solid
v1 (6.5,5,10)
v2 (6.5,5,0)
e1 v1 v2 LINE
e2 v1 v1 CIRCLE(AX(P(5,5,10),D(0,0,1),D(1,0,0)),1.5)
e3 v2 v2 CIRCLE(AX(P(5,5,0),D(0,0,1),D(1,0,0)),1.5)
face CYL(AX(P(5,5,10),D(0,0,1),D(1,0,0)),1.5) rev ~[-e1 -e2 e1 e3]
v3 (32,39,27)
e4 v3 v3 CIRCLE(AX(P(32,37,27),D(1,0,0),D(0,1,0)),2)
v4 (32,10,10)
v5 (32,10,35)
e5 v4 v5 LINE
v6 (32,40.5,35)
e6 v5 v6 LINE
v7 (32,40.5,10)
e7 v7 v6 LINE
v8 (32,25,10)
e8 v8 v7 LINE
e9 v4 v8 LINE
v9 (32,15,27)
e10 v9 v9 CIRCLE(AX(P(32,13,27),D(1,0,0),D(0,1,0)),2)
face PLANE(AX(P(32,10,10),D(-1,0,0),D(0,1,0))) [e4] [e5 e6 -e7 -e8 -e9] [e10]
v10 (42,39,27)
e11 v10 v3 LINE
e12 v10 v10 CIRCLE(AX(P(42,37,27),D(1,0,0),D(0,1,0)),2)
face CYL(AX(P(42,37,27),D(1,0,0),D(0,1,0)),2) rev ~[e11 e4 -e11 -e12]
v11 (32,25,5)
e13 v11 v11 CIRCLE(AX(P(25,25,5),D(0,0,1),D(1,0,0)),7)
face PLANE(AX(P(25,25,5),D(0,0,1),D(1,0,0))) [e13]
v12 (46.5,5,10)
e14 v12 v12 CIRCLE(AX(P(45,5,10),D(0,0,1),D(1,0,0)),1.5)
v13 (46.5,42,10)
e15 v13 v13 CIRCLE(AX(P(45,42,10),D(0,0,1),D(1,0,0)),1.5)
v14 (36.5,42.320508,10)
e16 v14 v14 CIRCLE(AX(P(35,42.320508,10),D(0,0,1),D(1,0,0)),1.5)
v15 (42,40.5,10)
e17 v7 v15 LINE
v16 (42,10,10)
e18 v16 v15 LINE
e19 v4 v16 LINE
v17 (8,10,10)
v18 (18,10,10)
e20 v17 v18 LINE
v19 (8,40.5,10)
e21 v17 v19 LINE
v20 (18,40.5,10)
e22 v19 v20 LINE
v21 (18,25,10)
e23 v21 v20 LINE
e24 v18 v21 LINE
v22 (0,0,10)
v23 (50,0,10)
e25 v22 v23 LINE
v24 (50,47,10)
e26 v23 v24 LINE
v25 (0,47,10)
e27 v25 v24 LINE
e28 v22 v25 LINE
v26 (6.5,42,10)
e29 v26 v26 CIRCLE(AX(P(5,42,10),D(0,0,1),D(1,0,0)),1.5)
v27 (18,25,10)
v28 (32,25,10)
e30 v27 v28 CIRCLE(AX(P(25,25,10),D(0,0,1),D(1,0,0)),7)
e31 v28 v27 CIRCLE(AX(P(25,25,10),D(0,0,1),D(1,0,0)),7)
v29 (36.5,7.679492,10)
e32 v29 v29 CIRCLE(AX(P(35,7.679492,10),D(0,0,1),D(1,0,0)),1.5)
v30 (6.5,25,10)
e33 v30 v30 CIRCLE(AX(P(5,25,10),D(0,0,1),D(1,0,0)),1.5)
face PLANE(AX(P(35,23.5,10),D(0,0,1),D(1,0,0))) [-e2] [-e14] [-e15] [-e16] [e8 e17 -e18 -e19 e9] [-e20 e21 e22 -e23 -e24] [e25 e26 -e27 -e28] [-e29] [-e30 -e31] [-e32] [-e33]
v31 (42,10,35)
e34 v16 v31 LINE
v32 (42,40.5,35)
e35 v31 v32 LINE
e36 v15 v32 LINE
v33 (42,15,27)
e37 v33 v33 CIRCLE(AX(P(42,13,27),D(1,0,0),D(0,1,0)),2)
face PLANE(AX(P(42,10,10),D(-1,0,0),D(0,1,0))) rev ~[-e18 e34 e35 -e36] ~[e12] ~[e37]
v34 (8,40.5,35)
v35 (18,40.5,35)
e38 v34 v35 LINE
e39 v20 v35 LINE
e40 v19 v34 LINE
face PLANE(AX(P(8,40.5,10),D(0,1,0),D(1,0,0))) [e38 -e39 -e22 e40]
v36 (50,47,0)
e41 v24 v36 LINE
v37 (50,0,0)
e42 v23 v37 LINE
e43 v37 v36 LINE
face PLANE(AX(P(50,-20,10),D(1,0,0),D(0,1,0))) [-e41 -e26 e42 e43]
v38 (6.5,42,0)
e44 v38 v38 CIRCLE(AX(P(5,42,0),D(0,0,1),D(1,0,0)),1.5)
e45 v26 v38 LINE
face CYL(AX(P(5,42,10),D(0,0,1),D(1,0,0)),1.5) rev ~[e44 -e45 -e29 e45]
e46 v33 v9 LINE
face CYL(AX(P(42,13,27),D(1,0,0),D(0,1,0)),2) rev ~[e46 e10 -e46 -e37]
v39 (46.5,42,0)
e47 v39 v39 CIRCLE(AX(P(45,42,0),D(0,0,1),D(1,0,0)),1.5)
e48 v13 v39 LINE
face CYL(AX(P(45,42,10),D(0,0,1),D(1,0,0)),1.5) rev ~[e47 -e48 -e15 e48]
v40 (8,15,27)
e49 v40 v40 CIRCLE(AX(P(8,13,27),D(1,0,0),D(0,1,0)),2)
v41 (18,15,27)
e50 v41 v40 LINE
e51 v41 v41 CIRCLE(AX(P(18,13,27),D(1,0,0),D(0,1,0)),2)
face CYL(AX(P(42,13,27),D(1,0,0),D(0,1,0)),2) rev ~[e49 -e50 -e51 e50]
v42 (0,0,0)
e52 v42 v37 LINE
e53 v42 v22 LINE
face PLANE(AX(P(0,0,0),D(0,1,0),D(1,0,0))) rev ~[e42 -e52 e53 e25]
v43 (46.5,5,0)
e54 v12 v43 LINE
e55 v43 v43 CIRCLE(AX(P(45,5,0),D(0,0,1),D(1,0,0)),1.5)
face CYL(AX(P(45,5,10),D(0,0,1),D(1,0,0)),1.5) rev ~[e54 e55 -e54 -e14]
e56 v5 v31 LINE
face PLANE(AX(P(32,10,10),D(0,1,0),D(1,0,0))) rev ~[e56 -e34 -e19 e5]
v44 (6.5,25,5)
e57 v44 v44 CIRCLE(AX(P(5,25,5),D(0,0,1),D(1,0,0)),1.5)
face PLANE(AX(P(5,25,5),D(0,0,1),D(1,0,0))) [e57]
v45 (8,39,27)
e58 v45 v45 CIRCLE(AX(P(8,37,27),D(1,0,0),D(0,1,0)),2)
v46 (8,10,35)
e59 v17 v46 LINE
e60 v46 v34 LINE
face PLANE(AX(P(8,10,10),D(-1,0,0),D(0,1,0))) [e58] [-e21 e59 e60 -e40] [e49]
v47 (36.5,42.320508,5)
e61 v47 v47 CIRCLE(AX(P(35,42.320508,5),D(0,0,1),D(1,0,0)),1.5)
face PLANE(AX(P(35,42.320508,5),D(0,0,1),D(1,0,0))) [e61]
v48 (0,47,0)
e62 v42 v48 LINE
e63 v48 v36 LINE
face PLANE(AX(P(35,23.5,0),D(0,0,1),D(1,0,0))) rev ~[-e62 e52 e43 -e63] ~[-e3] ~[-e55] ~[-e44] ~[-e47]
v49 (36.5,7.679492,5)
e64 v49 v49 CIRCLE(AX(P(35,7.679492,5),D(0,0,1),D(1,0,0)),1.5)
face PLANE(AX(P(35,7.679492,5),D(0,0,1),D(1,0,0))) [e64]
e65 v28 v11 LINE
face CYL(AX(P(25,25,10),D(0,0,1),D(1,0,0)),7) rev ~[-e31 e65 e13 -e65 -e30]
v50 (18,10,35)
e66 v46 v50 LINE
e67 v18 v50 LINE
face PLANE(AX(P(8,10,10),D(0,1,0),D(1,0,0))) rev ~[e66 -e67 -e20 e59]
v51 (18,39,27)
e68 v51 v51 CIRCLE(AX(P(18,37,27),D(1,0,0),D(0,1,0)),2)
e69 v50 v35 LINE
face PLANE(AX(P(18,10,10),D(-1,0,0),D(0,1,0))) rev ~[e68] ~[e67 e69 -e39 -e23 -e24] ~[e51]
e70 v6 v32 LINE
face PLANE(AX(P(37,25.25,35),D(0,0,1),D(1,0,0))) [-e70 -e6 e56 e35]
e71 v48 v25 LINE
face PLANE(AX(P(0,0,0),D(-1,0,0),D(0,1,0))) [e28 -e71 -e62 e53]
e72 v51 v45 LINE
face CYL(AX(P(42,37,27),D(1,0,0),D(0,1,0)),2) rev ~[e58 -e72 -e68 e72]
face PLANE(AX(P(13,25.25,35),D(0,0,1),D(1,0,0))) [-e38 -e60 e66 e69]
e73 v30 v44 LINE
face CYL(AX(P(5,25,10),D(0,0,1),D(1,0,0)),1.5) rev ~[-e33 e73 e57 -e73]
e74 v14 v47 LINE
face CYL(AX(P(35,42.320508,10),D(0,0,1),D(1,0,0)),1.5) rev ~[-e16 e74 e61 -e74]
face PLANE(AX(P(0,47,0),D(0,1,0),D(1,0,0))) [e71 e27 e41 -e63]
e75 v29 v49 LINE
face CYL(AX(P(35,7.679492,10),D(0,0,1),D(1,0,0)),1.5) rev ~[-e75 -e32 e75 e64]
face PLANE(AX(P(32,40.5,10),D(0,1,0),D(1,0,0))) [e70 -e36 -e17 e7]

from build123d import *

# Parameters (mm, degrees)
SKETCH_W        = 70
SKETCH_H        = 47
PAD_DEPTH       = 10
SKETCH001_R     = 7
SKETCH001_R_2   = 1.5
POCKET_DEPTH    = 5
SKETCH002_R     = 1.5
SKETCH002_W     = 20
SKETCH002_H     = 70
POCKET001_DEPTH = 10.001
SKETCH003_W     = 10
SKETCH003_H     = 30.5
PAD001_DEPTH    = 25
SKETCH005_R     = 2
POCKET002_DEPTH = 42.001


with BuildPart() as part:
    # Sketch → Pad (new body)
    with BuildSketch(Plane.XY):
        with Locations((35, 23.5)):
            Rectangle(SKETCH_W, SKETCH_H)
    extrude(amount=PAD_DEPTH)

    # Sketch001 → Pocket (cut)
    with BuildSketch(Plane.XY.offset(10)):
        with Locations((25, 25)):
            Circle(SKETCH001_R)
        with Locations((5, 25)):
            Circle(SKETCH001_R_2)
        with Locations((35, 42.320508)):
            Circle(SKETCH001_R_2)
        with Locations((35, 7.679492)):
            Circle(SKETCH001_R_2)
    extrude(amount=-POCKET_DEPTH, mode=Mode.SUBTRACT)

    # Sketch002 → Pocket001 (cut, through all)
    with BuildSketch(Plane.XY.offset(10)):
        with Locations((5, 42)):
            Circle(SKETCH002_R)
        with Locations((5, 5)):
            Circle(SKETCH002_R)
        with Locations((45, 5)):
            Circle(SKETCH002_R)
        with Locations((45, 42)):
            Circle(SKETCH002_R)
        with Locations((60, 15)):
            Rectangle(SKETCH002_W, SKETCH002_H)
    extrude(amount=-POCKET001_DEPTH, mode=Mode.SUBTRACT)

    # Sketch003 → Pad001 (new body)
    with BuildSketch(Plane.XY.offset(10)):
        with Locations((13, 25.25)):
            Rectangle(SKETCH003_W, SKETCH003_H)
        with Locations((37, 25.25)):
            Rectangle(SKETCH003_W, SKETCH003_H)
    extrude(amount=PAD001_DEPTH)

    # Sketch005 → Pocket002 (cut, through all)
    with BuildSketch(Plane.YZ.offset(42)):
        with Locations((13, 27)):
            Circle(SKETCH005_R)
        with Locations((37, 27)):
            Circle(SKETCH005_R)
    extrude(amount=-POCKET002_DEPTH, mode=Mode.SUBTRACT)


solid = part.part
